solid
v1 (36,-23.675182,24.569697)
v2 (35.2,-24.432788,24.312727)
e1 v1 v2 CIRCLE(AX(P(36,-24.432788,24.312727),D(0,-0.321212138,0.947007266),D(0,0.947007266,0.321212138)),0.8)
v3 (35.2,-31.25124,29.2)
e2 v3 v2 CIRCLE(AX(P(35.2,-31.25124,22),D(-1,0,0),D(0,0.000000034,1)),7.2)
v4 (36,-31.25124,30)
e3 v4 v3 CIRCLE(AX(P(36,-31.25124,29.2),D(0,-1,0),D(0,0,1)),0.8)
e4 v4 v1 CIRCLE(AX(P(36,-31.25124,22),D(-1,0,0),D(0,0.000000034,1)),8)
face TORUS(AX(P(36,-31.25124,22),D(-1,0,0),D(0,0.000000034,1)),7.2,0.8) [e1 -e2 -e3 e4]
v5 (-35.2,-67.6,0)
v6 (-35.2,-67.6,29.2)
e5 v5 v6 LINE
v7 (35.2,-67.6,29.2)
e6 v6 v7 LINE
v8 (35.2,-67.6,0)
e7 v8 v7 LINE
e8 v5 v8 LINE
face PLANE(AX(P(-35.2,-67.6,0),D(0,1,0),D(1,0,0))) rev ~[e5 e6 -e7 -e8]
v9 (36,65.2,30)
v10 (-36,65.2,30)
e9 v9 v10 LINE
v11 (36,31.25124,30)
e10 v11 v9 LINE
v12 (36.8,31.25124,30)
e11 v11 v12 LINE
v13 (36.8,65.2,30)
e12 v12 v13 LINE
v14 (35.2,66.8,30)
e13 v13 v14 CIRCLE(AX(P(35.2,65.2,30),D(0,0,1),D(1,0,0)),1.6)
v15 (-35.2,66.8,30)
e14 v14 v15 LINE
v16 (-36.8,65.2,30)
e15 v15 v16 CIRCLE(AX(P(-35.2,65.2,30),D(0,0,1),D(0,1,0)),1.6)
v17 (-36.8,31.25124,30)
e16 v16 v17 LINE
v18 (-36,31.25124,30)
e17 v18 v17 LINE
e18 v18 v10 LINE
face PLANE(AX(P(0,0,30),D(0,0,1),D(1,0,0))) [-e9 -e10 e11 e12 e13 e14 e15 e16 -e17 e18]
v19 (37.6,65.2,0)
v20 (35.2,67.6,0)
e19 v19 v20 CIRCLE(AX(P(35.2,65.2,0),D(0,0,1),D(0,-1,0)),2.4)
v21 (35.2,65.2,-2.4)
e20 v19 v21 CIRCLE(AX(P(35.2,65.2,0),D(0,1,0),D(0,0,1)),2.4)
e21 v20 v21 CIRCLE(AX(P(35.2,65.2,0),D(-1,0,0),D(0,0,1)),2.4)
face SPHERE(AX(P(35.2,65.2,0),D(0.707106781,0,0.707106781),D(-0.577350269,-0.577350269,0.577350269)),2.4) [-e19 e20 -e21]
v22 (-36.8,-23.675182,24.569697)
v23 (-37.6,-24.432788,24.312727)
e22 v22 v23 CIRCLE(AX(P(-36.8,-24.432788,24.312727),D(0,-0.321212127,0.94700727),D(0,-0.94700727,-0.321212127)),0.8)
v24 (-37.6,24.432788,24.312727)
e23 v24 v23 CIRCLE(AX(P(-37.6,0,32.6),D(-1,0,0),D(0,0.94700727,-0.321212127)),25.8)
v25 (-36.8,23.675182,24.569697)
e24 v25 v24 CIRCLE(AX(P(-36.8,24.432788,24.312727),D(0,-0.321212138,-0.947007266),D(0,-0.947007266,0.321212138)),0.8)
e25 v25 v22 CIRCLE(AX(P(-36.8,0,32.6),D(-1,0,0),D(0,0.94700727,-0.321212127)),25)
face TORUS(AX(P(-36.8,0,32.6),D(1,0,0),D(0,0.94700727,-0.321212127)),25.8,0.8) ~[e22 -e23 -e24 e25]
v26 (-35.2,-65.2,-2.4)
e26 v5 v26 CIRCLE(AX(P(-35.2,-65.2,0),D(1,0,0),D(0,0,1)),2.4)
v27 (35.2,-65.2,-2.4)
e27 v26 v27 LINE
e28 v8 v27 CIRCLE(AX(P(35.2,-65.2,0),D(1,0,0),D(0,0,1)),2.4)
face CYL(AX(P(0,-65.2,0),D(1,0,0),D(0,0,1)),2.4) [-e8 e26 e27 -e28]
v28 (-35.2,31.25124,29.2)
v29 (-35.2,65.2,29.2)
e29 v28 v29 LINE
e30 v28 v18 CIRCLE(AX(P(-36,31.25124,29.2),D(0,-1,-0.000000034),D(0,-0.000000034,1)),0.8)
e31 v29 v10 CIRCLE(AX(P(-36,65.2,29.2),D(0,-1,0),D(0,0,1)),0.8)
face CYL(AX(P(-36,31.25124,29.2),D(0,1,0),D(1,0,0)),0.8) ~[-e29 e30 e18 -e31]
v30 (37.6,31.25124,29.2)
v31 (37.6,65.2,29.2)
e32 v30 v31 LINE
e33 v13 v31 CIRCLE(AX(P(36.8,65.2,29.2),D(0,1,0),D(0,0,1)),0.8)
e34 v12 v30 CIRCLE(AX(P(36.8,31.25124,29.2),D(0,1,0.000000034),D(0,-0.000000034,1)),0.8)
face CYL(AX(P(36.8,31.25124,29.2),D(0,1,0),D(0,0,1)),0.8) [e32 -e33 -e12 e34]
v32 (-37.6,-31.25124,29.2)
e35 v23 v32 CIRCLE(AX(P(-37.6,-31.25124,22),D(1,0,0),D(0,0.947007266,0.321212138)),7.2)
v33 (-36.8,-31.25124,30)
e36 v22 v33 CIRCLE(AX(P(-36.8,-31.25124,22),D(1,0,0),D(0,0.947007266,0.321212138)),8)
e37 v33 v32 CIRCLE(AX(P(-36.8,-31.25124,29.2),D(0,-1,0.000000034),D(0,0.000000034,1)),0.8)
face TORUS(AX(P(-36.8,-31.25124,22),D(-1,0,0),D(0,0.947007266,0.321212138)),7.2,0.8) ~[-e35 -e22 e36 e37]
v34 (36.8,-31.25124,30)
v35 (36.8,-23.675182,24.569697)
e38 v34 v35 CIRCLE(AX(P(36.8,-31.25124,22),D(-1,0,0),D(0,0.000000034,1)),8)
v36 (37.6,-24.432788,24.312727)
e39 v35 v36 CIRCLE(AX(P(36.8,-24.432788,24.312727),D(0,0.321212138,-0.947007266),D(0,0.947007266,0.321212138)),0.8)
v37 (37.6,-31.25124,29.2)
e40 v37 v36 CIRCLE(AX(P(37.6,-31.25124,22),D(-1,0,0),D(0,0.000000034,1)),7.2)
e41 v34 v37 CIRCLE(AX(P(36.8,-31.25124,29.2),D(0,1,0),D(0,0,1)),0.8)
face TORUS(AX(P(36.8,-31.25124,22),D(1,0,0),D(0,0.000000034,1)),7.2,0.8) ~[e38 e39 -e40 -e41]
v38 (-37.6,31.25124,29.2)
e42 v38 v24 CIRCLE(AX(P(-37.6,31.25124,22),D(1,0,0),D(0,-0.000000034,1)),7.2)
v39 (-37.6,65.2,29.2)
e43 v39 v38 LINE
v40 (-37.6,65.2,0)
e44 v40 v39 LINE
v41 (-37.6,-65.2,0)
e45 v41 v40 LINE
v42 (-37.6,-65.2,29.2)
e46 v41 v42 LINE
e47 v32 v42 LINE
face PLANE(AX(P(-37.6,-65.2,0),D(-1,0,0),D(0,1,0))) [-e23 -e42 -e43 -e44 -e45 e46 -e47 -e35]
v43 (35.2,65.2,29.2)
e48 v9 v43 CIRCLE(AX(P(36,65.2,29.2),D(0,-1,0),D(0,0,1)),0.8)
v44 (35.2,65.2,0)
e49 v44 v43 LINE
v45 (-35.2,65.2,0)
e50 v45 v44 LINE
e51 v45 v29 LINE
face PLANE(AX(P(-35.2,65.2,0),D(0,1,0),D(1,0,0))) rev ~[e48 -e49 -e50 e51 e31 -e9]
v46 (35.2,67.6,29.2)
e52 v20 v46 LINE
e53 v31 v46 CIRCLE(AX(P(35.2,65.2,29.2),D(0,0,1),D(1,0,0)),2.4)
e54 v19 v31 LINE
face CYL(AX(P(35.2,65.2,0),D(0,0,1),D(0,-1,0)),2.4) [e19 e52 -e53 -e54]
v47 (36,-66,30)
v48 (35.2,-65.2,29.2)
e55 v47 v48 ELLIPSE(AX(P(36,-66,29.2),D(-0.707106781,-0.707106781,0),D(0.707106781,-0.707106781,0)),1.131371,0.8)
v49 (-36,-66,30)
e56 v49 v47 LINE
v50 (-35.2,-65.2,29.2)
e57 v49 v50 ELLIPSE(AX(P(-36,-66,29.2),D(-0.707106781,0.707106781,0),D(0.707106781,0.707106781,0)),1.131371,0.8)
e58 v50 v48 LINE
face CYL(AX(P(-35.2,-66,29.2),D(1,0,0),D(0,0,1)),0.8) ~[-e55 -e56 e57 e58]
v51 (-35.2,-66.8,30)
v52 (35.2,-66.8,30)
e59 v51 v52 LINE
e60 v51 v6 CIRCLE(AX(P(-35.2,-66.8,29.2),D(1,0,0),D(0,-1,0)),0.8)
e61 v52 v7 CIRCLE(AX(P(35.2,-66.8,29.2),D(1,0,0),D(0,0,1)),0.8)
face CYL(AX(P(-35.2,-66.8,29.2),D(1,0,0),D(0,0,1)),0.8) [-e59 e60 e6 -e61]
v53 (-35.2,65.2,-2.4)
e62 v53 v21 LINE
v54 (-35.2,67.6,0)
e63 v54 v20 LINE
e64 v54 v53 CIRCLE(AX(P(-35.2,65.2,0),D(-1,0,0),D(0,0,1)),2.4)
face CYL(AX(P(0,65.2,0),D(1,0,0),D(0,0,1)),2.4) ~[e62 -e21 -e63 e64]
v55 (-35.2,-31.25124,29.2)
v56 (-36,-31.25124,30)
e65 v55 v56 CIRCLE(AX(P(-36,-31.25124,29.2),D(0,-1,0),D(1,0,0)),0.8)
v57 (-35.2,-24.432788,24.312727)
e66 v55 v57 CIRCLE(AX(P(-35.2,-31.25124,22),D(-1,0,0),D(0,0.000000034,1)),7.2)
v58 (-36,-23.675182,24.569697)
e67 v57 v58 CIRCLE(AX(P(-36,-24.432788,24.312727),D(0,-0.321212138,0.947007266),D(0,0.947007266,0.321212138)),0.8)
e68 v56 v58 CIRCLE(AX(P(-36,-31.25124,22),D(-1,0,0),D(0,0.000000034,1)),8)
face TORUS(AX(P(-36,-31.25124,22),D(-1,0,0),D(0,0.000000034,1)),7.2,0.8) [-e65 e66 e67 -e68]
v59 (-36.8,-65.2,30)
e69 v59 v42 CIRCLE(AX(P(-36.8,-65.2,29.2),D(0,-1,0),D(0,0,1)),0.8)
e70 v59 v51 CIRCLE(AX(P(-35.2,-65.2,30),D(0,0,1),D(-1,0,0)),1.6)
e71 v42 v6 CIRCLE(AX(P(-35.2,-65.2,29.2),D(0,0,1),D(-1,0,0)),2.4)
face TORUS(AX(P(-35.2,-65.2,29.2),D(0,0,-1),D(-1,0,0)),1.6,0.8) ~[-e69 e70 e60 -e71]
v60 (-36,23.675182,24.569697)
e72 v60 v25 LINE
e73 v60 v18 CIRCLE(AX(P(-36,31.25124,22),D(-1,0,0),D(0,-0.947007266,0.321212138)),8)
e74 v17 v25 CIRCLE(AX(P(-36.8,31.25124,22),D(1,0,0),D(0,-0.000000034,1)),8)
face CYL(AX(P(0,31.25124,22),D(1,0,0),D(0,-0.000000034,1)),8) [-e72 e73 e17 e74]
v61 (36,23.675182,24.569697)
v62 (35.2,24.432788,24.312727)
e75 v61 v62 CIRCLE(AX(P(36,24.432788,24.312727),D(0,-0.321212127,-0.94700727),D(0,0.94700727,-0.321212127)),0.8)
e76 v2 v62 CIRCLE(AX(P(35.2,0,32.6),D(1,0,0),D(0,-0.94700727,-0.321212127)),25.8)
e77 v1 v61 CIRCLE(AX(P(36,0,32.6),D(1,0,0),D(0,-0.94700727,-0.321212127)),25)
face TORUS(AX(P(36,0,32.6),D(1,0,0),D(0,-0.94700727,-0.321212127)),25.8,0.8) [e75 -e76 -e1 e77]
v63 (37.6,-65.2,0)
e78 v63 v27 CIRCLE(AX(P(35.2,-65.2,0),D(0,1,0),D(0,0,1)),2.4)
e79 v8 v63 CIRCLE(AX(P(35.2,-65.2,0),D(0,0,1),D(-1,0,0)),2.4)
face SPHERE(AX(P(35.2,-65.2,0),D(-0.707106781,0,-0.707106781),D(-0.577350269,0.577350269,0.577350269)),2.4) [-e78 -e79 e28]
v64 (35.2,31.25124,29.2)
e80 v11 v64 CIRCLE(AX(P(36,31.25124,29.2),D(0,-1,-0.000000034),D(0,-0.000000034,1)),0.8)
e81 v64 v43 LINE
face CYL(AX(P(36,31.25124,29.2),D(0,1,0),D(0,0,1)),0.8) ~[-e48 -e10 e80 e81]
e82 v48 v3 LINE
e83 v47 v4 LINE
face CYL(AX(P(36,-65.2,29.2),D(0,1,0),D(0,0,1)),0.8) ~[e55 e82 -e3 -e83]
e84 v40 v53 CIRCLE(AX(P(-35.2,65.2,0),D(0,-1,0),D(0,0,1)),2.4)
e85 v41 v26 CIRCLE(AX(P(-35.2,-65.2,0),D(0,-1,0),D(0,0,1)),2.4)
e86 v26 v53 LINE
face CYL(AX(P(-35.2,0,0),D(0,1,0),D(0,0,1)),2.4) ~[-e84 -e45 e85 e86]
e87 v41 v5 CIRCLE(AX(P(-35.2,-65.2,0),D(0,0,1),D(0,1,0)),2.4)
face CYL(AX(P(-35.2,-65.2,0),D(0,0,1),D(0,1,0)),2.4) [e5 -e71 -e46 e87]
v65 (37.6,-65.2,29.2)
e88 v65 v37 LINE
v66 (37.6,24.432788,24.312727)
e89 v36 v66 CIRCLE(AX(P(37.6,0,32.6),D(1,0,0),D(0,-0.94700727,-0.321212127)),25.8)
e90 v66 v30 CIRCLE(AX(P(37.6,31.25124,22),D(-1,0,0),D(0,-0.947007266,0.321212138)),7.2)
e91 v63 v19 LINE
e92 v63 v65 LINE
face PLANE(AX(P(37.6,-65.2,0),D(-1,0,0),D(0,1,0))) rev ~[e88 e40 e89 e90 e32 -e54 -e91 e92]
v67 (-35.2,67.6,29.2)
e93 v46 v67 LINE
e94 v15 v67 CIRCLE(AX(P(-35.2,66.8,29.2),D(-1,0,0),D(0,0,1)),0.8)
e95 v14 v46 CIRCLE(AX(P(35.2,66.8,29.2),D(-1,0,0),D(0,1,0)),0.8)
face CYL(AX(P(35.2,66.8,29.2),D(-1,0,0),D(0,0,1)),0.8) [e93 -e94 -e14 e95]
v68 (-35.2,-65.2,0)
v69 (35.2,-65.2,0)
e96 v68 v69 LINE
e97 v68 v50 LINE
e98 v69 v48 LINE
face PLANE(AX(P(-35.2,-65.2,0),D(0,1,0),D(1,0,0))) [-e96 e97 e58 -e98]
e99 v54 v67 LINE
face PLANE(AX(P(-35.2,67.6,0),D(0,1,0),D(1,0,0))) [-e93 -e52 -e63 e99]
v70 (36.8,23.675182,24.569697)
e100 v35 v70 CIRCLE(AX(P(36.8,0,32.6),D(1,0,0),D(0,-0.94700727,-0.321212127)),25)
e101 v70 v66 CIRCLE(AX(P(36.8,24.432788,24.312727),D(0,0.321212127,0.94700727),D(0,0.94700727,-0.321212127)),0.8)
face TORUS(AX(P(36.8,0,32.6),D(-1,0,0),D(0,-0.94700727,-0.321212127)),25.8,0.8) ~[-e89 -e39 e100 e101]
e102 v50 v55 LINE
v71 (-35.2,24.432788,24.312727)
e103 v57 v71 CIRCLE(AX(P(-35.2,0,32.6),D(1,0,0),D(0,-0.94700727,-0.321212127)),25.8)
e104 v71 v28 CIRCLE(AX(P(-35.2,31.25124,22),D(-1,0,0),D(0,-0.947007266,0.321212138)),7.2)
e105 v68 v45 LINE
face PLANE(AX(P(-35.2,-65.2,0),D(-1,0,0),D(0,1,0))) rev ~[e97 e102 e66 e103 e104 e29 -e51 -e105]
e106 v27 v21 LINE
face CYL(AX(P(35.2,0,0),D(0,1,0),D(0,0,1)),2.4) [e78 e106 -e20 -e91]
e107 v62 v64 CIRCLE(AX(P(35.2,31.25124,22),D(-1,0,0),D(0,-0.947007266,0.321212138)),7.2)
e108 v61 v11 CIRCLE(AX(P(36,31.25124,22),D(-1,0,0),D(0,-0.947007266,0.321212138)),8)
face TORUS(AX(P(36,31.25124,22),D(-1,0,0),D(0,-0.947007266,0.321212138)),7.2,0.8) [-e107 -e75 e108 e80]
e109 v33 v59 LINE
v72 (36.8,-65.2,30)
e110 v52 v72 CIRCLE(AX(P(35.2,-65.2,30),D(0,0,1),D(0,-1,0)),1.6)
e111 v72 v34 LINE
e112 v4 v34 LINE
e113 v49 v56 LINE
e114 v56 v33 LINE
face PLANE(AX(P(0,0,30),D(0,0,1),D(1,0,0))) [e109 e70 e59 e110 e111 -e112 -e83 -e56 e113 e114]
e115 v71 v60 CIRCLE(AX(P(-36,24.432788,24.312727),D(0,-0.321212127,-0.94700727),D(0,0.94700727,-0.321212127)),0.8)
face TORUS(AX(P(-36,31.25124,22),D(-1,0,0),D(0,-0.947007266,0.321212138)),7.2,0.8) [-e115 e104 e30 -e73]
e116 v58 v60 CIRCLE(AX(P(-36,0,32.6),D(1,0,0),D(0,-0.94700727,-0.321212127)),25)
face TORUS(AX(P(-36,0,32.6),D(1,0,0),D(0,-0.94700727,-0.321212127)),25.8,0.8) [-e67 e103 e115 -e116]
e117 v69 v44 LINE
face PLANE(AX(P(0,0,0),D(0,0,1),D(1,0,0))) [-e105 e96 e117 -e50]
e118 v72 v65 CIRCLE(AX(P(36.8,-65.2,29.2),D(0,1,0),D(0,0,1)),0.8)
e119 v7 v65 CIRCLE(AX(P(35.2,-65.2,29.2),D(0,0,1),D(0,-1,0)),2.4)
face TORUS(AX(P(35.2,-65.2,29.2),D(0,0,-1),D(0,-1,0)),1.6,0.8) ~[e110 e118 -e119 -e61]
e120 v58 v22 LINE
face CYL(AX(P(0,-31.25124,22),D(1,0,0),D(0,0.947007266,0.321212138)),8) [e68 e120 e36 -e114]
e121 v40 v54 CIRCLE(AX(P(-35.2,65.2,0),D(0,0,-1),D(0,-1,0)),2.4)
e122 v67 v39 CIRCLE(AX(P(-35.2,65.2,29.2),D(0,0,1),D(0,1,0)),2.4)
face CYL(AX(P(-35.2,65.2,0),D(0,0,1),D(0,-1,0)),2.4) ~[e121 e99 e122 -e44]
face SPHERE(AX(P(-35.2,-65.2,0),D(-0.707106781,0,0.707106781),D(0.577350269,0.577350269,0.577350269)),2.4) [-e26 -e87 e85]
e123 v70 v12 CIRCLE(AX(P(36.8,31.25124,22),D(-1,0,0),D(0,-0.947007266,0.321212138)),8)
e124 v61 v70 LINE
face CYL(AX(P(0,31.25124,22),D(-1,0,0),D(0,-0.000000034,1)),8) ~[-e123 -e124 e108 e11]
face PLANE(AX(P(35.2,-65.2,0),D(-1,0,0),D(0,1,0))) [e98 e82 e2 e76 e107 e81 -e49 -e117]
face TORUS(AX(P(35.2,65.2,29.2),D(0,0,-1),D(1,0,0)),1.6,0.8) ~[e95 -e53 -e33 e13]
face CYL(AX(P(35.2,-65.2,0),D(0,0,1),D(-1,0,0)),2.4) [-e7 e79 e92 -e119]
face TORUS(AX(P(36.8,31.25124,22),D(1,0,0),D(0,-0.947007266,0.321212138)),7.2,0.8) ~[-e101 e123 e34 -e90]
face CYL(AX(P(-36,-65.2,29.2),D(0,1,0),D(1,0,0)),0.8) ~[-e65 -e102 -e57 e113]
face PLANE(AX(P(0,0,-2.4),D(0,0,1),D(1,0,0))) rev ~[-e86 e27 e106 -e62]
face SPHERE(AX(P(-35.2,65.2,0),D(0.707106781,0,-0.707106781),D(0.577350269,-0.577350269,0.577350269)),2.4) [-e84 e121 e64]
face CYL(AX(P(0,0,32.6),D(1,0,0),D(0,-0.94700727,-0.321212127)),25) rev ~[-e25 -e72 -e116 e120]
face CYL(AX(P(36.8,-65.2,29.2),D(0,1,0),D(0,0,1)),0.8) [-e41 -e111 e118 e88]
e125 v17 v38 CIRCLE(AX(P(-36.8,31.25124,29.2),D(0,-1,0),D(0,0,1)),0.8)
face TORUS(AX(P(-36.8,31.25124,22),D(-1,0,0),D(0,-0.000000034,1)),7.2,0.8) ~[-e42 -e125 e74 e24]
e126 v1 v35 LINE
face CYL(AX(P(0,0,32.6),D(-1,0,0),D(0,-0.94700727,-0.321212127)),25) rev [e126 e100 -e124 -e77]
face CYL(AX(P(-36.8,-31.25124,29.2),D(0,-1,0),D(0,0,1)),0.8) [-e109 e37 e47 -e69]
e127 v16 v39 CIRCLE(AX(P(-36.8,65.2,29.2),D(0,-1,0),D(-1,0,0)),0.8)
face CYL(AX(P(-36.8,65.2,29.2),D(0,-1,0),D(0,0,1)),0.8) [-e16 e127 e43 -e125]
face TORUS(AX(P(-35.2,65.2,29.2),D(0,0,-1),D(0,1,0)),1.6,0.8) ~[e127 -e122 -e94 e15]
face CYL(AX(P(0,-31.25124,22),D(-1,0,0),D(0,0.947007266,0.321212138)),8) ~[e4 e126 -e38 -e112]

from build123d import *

# Parameters (mm, degrees)
SKETCH014_W          = 70.4
SKETCH014_H          = 130.4
PAD004_DEPTH         = 30
THICKNESS_T          = 2.4
POCKET005_DEPTH      = 37.601
POCKET005_DEPTH_BACK = 37.601
FILLET006_R          = 0.8


with BuildPart() as part:
    # Sketch014 → Pad004 (new body)
    with BuildSketch(Plane.XY):
        Rectangle(SKETCH014_W, SKETCH014_H)
    extrude(amount=PAD004_DEPTH)

    # Thickness
    thickness_openings = [part.faces().sort_by_distance(p)[0] for p in [
        (0, 0, 30),
    ]]
    offset(amount=THICKNESS_T, openings=thickness_openings)

    # Sketch015 → Pocket005 (cut, two sides)
    with BuildSketch(Plane.YZ) as pocket005_sk:
        with BuildLine():
            ThreePointArc((-23.675182, 24.569697), (0, 7.6), (23.675182, 24.569697))
            ThreePointArc((31.25124, 30), (26.590638, 28.502214), (23.675182, 24.569697))
            Line((-31.25124, 30), (31.25124, 30))
            ThreePointArc((-23.675182, 24.569697), (-26.590638, 28.502214), (-31.25124, 30))
        make_face()
    extrude(amount=-POCKET005_DEPTH, mode=Mode.SUBTRACT)
    extrude(pocket005_sk.sketch, amount=POCKET005_DEPTH_BACK, mode=Mode.SUBTRACT)

    # Fillet006
    fillet006_edges = [part.edges().sort_by_distance(p)[0] for p in [
        (0, -65.2, 30),
        (35.2, -48.22562, 30),
        (36.4, -31.25124, 30),
        (37.6, -48.22562, 30),
        (36.897056, -66.897056, 30),
        (0, -67.6, 30),
        (-36.897056, -66.897056, 30),
        (-37.6, -48.22562, 30),
        (-36.4, -31.25124, 30),
        (-35.2, -48.22562, 30),
    ]]
    fillet(fillet006_edges, radius=FILLET006_R)


solid = part.part
